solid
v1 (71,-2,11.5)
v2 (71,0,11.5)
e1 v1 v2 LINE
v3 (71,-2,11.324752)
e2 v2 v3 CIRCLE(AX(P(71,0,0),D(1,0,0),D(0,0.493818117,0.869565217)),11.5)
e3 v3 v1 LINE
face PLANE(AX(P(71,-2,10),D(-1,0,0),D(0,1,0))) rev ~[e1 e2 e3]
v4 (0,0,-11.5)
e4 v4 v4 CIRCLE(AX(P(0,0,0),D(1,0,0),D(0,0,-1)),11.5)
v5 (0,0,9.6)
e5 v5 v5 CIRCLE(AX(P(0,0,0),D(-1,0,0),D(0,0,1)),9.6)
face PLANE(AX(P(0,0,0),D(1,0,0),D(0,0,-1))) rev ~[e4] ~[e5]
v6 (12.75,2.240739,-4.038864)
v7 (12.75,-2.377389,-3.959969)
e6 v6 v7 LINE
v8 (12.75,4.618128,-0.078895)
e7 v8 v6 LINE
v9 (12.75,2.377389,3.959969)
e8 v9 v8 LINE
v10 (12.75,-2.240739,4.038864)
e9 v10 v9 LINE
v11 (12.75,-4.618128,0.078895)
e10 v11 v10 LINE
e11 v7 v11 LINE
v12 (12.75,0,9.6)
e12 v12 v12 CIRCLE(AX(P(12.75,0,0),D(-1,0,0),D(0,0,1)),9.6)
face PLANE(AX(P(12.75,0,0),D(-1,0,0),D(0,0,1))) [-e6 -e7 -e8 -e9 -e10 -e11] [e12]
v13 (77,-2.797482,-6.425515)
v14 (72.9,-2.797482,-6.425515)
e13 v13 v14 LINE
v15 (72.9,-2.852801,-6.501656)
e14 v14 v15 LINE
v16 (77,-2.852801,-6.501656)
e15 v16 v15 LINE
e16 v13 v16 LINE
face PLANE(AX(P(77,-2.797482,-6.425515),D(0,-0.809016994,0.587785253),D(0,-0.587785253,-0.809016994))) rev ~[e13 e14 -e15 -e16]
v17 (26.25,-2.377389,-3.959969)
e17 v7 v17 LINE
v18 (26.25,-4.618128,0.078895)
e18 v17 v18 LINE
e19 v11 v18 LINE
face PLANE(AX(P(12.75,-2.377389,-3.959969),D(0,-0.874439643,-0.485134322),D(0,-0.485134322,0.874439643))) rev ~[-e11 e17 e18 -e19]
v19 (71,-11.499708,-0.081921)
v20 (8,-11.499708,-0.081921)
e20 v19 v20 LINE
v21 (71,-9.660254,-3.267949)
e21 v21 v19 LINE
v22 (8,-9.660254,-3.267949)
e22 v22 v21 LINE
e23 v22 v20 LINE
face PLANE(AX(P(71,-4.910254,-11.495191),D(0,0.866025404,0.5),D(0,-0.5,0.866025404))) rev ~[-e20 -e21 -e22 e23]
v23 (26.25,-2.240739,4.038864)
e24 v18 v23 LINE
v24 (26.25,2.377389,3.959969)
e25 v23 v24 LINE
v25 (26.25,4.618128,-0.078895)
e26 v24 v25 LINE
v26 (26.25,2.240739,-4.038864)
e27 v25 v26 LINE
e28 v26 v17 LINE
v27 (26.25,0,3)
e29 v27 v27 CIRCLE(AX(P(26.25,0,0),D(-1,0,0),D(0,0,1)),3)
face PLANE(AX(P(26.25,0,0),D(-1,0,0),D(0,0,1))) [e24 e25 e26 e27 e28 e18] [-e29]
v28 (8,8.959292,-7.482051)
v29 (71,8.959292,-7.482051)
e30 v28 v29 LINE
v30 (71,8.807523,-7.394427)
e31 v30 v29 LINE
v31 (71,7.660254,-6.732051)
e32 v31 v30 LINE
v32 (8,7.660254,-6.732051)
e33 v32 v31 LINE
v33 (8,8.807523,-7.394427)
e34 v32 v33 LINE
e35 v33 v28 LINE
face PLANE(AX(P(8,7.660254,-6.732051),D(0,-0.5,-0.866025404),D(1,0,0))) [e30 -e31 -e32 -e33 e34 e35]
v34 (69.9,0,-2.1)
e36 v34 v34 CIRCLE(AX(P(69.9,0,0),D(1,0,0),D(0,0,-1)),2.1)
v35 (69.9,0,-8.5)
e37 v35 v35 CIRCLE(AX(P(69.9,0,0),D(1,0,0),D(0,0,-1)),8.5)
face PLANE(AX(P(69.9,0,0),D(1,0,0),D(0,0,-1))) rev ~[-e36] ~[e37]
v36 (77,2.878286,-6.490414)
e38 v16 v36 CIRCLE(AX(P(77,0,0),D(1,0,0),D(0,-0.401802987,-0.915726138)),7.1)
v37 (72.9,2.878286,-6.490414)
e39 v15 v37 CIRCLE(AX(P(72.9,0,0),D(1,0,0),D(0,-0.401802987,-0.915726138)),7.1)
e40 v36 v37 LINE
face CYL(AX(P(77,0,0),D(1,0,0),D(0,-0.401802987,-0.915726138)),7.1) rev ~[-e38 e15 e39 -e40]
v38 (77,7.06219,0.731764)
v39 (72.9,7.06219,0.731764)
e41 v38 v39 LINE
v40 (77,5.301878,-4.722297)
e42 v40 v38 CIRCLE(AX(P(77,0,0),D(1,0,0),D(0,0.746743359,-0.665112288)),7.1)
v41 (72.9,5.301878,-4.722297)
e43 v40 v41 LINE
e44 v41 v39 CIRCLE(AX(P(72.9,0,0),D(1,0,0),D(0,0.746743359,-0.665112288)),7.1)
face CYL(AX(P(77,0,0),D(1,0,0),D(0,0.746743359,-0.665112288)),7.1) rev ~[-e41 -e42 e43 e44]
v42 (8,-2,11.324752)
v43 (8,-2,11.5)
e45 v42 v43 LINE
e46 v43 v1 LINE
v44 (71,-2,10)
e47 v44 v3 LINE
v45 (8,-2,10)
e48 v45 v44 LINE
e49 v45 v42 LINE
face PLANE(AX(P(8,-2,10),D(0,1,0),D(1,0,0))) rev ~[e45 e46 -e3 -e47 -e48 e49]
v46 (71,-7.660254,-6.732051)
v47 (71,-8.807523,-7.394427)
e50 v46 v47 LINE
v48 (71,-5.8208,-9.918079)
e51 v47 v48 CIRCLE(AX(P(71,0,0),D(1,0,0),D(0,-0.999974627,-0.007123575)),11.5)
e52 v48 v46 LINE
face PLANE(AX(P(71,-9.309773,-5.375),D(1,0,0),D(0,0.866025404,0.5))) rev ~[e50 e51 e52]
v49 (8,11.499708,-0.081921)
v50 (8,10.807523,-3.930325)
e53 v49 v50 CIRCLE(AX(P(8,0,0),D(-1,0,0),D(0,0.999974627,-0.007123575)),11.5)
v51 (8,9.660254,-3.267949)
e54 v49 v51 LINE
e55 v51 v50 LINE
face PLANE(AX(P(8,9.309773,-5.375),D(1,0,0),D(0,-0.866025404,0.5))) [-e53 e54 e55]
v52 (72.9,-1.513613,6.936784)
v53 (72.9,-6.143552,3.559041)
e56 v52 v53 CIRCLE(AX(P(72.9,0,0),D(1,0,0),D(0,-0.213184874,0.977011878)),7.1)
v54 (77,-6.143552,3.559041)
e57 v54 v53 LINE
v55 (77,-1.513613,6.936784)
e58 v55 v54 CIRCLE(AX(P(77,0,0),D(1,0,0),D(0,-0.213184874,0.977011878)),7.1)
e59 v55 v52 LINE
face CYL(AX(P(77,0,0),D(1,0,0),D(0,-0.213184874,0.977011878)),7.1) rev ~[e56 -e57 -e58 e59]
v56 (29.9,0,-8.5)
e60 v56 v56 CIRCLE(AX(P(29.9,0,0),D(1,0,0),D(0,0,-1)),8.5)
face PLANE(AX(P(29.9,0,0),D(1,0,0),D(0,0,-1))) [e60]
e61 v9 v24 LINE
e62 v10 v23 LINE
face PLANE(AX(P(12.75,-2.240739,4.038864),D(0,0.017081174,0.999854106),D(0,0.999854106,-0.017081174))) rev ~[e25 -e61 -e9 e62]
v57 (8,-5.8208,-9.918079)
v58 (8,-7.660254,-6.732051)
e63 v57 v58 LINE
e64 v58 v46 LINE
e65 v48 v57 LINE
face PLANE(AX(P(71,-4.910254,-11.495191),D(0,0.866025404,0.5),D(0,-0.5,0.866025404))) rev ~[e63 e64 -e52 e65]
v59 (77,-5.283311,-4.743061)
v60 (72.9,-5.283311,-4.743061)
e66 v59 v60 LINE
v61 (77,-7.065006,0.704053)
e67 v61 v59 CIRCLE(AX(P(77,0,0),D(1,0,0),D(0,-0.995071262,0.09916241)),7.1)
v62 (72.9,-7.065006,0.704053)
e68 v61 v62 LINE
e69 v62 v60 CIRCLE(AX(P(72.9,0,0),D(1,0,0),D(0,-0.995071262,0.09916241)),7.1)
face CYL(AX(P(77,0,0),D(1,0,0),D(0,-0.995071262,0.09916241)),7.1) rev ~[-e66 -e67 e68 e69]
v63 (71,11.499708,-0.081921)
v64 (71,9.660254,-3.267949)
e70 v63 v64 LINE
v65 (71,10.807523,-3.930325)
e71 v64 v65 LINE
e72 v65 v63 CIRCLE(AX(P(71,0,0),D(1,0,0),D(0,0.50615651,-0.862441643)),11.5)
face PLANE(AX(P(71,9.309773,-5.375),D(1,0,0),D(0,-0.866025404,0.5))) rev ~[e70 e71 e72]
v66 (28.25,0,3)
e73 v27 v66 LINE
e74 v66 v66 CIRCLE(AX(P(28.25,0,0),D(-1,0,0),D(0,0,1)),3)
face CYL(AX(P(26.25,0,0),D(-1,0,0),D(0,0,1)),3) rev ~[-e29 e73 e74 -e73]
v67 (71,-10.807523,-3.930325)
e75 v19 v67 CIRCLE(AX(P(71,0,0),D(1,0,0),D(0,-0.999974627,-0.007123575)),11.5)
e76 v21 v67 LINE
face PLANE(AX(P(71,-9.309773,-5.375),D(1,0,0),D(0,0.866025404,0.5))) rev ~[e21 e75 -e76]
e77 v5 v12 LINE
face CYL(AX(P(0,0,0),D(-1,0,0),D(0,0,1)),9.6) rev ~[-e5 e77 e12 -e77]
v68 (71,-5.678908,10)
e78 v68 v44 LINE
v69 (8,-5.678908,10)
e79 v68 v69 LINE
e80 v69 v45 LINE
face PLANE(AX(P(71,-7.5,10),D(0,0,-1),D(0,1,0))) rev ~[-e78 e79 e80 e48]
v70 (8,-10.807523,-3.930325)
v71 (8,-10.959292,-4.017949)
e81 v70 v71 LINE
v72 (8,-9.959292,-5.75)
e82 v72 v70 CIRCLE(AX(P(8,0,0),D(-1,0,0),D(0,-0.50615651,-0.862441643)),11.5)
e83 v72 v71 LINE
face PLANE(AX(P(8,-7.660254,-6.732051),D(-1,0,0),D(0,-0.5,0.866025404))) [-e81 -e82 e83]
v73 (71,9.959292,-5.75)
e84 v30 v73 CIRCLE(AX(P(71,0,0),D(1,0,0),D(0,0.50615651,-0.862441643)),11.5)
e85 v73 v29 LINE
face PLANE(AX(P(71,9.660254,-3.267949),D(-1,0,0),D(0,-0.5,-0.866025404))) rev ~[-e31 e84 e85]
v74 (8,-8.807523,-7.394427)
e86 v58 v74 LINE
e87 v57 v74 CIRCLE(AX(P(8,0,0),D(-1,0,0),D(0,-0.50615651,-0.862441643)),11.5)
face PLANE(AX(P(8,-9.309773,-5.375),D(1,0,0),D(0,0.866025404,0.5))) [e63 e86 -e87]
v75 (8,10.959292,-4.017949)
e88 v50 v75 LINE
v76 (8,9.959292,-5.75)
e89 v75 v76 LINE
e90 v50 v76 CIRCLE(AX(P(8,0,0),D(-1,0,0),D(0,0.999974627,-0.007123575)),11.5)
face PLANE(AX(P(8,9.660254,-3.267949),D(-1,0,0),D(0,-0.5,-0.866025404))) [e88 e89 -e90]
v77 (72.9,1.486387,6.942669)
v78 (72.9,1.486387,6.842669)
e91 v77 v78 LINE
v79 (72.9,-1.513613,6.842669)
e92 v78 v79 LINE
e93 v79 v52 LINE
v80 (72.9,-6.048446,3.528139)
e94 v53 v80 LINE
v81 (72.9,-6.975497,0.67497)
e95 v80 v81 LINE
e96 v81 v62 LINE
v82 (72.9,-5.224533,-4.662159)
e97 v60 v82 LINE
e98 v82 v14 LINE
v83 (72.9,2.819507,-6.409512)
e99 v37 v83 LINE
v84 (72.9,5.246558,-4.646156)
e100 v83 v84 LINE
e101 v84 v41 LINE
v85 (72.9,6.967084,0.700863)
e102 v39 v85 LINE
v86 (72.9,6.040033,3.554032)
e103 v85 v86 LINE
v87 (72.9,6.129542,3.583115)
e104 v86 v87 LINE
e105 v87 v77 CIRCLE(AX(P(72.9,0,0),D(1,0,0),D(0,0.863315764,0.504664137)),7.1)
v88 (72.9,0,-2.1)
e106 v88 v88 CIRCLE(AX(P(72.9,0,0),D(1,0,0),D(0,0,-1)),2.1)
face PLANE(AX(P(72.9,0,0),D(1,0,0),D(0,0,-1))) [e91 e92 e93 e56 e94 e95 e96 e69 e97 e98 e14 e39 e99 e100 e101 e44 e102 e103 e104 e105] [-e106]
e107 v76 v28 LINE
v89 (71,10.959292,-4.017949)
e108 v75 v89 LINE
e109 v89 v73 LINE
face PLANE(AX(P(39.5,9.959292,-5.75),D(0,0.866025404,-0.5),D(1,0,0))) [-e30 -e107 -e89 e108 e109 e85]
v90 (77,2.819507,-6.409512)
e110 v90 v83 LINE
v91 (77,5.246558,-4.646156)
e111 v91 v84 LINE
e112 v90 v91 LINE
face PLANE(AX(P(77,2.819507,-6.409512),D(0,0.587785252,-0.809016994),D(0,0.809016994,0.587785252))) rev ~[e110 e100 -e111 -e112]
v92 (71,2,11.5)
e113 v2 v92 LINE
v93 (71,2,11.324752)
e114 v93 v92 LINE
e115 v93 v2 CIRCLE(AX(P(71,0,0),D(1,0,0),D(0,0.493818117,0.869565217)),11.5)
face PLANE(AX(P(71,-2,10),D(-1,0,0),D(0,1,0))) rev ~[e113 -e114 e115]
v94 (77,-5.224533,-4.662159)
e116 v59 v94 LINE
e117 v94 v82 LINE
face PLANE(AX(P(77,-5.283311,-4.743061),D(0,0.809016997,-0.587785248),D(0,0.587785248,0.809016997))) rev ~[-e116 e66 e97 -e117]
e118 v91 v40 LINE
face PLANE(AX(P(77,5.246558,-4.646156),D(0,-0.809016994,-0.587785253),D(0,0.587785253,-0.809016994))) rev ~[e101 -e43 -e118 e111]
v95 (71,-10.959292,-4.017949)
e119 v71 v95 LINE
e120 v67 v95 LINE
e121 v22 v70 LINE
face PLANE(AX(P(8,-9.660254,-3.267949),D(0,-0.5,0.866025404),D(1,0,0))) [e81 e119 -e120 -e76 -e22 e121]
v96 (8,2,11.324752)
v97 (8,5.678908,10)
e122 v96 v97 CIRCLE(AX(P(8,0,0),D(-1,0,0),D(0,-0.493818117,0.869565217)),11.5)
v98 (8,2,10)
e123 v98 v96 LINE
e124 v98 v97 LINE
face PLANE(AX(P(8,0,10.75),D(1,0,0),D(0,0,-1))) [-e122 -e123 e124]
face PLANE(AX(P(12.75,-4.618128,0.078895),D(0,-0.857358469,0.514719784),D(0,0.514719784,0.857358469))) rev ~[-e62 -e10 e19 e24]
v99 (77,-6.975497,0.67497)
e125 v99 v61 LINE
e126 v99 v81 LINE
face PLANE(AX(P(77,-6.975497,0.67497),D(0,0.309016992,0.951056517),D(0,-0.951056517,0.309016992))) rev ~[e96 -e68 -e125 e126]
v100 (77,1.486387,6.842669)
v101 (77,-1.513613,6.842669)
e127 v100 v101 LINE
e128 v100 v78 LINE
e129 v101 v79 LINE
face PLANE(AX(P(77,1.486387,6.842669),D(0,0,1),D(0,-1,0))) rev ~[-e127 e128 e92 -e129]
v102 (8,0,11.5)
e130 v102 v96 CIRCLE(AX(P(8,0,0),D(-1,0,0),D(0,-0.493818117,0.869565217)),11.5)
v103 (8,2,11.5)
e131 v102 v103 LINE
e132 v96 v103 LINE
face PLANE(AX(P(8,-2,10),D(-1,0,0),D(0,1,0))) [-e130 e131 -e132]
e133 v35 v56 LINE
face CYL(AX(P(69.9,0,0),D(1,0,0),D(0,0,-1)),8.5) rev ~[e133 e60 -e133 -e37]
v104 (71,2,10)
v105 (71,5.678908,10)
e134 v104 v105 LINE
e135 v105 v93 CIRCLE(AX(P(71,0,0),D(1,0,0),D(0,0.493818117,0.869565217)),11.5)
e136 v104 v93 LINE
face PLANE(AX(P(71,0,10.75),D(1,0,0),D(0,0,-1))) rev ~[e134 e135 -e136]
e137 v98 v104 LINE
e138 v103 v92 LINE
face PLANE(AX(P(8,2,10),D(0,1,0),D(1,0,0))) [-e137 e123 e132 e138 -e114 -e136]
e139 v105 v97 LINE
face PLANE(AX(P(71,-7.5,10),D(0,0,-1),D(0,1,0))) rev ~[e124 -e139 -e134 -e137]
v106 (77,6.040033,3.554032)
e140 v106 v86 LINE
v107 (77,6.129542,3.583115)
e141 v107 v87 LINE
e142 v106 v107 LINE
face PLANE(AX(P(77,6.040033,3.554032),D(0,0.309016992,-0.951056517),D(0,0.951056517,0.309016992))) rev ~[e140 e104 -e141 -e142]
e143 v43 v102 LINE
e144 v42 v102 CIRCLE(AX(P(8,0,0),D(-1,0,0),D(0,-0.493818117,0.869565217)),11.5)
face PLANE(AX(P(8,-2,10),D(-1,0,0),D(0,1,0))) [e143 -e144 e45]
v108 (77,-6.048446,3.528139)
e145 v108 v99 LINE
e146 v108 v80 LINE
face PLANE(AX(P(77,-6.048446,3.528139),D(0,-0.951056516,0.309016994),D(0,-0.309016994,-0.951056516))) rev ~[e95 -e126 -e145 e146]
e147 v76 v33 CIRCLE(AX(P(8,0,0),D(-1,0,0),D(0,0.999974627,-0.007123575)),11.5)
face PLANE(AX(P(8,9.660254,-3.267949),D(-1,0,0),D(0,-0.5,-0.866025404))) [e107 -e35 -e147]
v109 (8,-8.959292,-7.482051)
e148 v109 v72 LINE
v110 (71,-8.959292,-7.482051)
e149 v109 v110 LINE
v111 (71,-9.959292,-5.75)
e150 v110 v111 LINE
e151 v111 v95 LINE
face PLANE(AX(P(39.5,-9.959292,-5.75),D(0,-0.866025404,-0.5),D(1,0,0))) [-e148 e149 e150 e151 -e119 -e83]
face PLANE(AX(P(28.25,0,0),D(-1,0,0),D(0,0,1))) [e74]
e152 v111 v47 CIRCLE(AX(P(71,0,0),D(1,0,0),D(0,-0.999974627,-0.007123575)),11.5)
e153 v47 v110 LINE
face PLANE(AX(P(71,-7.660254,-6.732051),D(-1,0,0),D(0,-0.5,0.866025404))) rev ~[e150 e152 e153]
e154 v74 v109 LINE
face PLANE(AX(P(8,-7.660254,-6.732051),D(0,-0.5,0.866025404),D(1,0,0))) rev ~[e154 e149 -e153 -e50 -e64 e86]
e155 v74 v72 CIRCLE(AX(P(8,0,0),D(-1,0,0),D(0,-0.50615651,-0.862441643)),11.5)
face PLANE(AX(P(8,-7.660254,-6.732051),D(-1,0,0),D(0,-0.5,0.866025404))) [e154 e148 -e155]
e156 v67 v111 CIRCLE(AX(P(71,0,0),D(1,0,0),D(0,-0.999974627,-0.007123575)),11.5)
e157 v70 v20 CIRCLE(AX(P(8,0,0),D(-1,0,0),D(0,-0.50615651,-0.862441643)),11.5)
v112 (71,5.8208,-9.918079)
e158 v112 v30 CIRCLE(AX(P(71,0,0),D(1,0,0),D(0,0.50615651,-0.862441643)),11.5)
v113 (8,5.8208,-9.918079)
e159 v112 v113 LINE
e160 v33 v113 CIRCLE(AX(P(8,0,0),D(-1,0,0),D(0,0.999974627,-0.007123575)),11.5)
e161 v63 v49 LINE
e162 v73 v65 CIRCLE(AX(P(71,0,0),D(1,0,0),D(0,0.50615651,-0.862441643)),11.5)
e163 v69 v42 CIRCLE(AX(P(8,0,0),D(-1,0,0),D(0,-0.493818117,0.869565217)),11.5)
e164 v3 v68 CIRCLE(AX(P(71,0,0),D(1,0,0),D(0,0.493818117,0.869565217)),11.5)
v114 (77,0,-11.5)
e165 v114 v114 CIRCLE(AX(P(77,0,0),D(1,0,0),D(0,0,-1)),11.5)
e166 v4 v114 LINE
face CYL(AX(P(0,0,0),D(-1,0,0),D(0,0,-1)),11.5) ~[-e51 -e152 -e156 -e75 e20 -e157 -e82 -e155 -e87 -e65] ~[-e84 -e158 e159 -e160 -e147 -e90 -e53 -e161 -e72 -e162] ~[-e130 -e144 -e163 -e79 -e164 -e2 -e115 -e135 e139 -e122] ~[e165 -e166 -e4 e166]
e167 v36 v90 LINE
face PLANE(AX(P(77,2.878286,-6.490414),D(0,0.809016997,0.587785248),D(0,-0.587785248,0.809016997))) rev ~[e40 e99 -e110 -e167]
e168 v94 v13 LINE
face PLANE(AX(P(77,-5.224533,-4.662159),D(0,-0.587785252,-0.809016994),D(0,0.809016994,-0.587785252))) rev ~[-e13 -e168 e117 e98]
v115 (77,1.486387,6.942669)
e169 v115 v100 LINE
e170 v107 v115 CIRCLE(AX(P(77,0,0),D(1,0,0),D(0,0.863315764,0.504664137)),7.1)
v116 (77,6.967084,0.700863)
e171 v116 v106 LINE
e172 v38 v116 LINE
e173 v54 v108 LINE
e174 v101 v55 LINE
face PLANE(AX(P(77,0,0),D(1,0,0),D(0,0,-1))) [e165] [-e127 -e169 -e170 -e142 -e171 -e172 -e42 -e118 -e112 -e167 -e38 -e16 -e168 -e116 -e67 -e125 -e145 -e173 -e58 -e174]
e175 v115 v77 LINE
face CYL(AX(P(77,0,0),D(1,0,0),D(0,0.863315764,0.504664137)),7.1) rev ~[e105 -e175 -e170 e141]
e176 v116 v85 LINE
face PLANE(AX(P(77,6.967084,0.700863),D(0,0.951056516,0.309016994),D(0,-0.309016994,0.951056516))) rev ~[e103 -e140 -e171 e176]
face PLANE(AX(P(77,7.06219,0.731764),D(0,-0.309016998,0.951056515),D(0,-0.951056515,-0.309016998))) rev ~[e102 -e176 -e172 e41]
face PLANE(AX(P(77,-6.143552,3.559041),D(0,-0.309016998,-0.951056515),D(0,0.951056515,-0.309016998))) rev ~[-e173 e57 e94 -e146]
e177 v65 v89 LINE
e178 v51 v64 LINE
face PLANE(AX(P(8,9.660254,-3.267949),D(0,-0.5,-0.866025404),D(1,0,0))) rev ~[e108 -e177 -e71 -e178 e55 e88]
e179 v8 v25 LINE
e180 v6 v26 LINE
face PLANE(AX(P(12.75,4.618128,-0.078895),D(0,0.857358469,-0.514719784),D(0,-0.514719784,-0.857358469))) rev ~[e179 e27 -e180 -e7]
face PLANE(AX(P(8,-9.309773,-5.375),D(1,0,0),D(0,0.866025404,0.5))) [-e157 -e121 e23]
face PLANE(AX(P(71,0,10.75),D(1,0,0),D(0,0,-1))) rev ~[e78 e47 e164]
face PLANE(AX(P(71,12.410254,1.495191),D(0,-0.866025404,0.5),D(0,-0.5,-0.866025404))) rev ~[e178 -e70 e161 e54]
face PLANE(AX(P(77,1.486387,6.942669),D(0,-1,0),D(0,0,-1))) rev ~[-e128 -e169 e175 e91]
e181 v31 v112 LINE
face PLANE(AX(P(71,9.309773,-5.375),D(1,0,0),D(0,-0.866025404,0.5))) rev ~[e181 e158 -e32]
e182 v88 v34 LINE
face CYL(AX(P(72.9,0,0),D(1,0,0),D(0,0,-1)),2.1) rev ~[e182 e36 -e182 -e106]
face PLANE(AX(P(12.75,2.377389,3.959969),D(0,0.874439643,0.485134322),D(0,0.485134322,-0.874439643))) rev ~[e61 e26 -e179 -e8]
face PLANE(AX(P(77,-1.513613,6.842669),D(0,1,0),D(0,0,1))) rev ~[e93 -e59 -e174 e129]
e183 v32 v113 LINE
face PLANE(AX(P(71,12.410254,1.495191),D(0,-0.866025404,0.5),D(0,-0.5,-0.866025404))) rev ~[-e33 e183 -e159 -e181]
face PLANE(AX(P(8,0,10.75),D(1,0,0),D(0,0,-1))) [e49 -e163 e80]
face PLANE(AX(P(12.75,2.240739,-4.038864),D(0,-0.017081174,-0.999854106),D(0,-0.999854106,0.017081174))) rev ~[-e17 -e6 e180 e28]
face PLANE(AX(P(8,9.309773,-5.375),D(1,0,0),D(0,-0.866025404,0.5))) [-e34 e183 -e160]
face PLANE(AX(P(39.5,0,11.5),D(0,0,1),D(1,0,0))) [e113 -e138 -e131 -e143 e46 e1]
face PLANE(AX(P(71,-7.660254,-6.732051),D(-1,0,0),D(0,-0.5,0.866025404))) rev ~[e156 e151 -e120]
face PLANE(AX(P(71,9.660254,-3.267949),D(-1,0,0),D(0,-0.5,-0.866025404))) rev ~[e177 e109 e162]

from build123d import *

# Parameters (mm, degrees)
SKIZZE1_R                       = 11.5
AUFSATZ_LINEAR_AUSTRAGEN1_DEPTH = 77
SCHNITT_LINEAR_AUSTRAGEN1_DEPTH = 4.1
SKIZZE3_R                       = 2.1
SCHNITT_LINEAR_AUSTRAGEN2_DEPTH = 3
SKIZZE4_R                       = 9.6
SCHNITT_LINEAR_AUSTRAGEN3_DEPTH = 12.75
SCHNITT_LINEAR_START            = -6
SKIZZE7_W                       = 1.5
SKIZZE7_H                       = 15
SCHNITT_LINEAR_AUSTRAGEN4_DEPTH = 63
SKIZZE8_W                       = 63
SKIZZE8_H                       = 4
AUFSATZ_LINEAR_AUSTRAGEN2_DEPTH = 1.5
SCHNITT_LINEAR_AUSTRAGEN6_DEPTH = 13.5
SKIZZE12_R                      = 3
SCHNITT_LINEAR_AUSTRAGEN7_DEPTH = 2
KREISMUSTER3_COUNT              = 3
SKIZZE13_R                      = 8.5
SCHNITT_LINEAR_AUSTRAGEN8_DEPTH = 40


with BuildPart() as part:
    # Skizze1 → Aufsatz-Linear austragen1 (new body)
    with BuildSketch(Plane(origin=(0, 0, 0), x_dir=(0, 0, -1), z_dir=(1, 0, 0))):
        Circle(SKIZZE1_R)
    extrude(amount=AUFSATZ_LINEAR_AUSTRAGEN1_DEPTH)

    # Skizze2 → Schnitt-Linear austragen1 (cut)
    with BuildSketch(Plane(origin=(77, 0, 0), x_dir=(0, 0, -1), z_dir=(1, 0, 0))):
        with BuildLine():
            Line((-6.942668977, 1.486387391), (-6.842668977, 1.486387391))
            Line((-6.842668977, 1.486387391), (-6.842668977, -1.513612609))
            Line((-6.842668977, -1.513612609), (-6.936784332, -1.513612609))
            ThreePointArc((-6.936784332, -1.513612609), (-5.735823545, -4.184534414), (-3.559041115, -6.143551607))
            Line((-3.559041115, -6.143551607), (-3.528139415, -6.048445955))
            Line((-3.528139415, -6.048445955), (-0.674969866, -6.975496938))
            Line((-0.674969866, -6.975496938), (-0.70405311, -7.06500596))
            ThreePointArc((-0.70405311, -7.06500596), (2.207261771, -6.748184606), (4.743060601, -5.283311096))
            Line((4.743060601, -5.283311096), (4.662158901, -5.224532571))
            Line((4.662158901, -5.224532571), (6.425514658, -2.797481588))
            Line((6.425514658, -2.797481588), (6.50165558, -2.852801206))
            ThreePointArc((6.50165558, -2.852801206), (7.099986341, 0.013926966), (6.490413777, 2.878285776))
            Line((6.490413777, 2.878285776), (6.409512077, 2.819507251))
            Line((6.409512077, 2.819507251), (4.64615632, 5.246558234))
            Line((4.64615632, 5.246558234), (4.722297242, 5.301877852))
            ThreePointArc((4.722297242, 5.301877852), (2.180771108, 6.756791944), (-0.731764286, 7.062189535))
            Line((-0.731764286, 7.062189535), (-0.700862586, 6.967083883))
            Line((-0.700862586, 6.967083883), (-3.554032135, 6.0400329))
            Line((-3.554032135, 6.0400329), (-3.583115379, 6.129541922))
            ThreePointArc((-3.583115379, 6.129541922), (-5.752195675, 4.162000111), (-6.942668977, 1.486387391))
        make_face()
    extrude(amount=-SCHNITT_LINEAR_AUSTRAGEN1_DEPTH, mode=Mode.SUBTRACT)

    # Skizze3 → Schnitt-Linear austragen2 (cut)
    with BuildSketch(Plane(origin=(72.9, 0, 0), x_dir=(0, 0, -1), z_dir=(1, 0, 0))):
        Circle(SKIZZE3_R)
    extrude(amount=-SCHNITT_LINEAR_AUSTRAGEN2_DEPTH, mode=Mode.SUBTRACT)

    # Skizze4 → Schnitt-Linear austragen3 (cut)
    with BuildSketch(Plane.ZY):
        Circle(SKIZZE4_R)
    extrude(amount=-SCHNITT_LINEAR_AUSTRAGEN3_DEPTH, mode=Mode.SUBTRACT)

    # Skizze7 → Schnitt-Linear austragen4 (cut)
    with BuildSketch(Plane(origin=(77, 0, 0), x_dir=(0, 0, -1), z_dir=(1, 0, 0)).offset(SCHNITT_LINEAR_START)):
        with Locations((-10.75, 0)):
            Rectangle(SKIZZE7_W, SKIZZE7_H)
    schnitt_linear_austragen4 = extrude(amount=-SCHNITT_LINEAR_AUSTRAGEN4_DEPTH, mode=Mode.SUBTRACT)

    # Skizze8 → Aufsatz-Linear austragen2 (add)
    with BuildSketch(Plane.XY.offset(10)):
        with Locations((39.5, 0)):
            Rectangle(SKIZZE8_W, SKIZZE8_H)
    aufsatz_linear_austragen2 = extrude(amount=AUFSATZ_LINEAR_AUSTRAGEN2_DEPTH)

    # Skizze10 → Schnitt-Linear austragen6 (cut)
    with BuildSketch(Plane.ZY.offset(-12.75)):
        Polygon((4.038863706, -2.240739453), (3.959969143, 2.377388845), (-0.078894563, 4.618128298), (-4.038863706, 2.240739453), (-3.959969143, -2.377388845), (0.078894563, -4.618128298), align=None)
    extrude(amount=-SCHNITT_LINEAR_AUSTRAGEN6_DEPTH, mode=Mode.SUBTRACT)

    # Skizze12 → Schnitt-Linear austragen7 (cut)
    with BuildSketch(Plane.ZY.offset(-26.25)):
        Circle(SKIZZE12_R)
    extrude(amount=-SCHNITT_LINEAR_AUSTRAGEN7_DEPTH, mode=Mode.SUBTRACT)

    # Kreismuster3: Schnitt-Linear austragen4, Aufsatz-Linear austragen2 ×3 about axis
    kreismuster3_axis = Axis((0, 0, 0), (1, 0, 0))
    add([schnitt_linear_austragen4.rotate(kreismuster3_axis, i * 360 / KREISMUSTER3_COUNT) for i in range(1, KREISMUSTER3_COUNT)], mode=Mode.SUBTRACT)
    add([aufsatz_linear_austragen2.rotate(kreismuster3_axis, i * 360 / KREISMUSTER3_COUNT) for i in range(1, KREISMUSTER3_COUNT)])

    # Skizze13 → Schnitt-Linear austragen8 (cut)
    with BuildSketch(Plane(origin=(69.9, 0, 0), x_dir=(0, 0, -1), z_dir=(1, 0, 0))):
        Circle(SKIZZE13_R)
    extrude(amount=-SCHNITT_LINEAR_AUSTRAGEN8_DEPTH, mode=Mode.SUBTRACT)


solid = part.part
